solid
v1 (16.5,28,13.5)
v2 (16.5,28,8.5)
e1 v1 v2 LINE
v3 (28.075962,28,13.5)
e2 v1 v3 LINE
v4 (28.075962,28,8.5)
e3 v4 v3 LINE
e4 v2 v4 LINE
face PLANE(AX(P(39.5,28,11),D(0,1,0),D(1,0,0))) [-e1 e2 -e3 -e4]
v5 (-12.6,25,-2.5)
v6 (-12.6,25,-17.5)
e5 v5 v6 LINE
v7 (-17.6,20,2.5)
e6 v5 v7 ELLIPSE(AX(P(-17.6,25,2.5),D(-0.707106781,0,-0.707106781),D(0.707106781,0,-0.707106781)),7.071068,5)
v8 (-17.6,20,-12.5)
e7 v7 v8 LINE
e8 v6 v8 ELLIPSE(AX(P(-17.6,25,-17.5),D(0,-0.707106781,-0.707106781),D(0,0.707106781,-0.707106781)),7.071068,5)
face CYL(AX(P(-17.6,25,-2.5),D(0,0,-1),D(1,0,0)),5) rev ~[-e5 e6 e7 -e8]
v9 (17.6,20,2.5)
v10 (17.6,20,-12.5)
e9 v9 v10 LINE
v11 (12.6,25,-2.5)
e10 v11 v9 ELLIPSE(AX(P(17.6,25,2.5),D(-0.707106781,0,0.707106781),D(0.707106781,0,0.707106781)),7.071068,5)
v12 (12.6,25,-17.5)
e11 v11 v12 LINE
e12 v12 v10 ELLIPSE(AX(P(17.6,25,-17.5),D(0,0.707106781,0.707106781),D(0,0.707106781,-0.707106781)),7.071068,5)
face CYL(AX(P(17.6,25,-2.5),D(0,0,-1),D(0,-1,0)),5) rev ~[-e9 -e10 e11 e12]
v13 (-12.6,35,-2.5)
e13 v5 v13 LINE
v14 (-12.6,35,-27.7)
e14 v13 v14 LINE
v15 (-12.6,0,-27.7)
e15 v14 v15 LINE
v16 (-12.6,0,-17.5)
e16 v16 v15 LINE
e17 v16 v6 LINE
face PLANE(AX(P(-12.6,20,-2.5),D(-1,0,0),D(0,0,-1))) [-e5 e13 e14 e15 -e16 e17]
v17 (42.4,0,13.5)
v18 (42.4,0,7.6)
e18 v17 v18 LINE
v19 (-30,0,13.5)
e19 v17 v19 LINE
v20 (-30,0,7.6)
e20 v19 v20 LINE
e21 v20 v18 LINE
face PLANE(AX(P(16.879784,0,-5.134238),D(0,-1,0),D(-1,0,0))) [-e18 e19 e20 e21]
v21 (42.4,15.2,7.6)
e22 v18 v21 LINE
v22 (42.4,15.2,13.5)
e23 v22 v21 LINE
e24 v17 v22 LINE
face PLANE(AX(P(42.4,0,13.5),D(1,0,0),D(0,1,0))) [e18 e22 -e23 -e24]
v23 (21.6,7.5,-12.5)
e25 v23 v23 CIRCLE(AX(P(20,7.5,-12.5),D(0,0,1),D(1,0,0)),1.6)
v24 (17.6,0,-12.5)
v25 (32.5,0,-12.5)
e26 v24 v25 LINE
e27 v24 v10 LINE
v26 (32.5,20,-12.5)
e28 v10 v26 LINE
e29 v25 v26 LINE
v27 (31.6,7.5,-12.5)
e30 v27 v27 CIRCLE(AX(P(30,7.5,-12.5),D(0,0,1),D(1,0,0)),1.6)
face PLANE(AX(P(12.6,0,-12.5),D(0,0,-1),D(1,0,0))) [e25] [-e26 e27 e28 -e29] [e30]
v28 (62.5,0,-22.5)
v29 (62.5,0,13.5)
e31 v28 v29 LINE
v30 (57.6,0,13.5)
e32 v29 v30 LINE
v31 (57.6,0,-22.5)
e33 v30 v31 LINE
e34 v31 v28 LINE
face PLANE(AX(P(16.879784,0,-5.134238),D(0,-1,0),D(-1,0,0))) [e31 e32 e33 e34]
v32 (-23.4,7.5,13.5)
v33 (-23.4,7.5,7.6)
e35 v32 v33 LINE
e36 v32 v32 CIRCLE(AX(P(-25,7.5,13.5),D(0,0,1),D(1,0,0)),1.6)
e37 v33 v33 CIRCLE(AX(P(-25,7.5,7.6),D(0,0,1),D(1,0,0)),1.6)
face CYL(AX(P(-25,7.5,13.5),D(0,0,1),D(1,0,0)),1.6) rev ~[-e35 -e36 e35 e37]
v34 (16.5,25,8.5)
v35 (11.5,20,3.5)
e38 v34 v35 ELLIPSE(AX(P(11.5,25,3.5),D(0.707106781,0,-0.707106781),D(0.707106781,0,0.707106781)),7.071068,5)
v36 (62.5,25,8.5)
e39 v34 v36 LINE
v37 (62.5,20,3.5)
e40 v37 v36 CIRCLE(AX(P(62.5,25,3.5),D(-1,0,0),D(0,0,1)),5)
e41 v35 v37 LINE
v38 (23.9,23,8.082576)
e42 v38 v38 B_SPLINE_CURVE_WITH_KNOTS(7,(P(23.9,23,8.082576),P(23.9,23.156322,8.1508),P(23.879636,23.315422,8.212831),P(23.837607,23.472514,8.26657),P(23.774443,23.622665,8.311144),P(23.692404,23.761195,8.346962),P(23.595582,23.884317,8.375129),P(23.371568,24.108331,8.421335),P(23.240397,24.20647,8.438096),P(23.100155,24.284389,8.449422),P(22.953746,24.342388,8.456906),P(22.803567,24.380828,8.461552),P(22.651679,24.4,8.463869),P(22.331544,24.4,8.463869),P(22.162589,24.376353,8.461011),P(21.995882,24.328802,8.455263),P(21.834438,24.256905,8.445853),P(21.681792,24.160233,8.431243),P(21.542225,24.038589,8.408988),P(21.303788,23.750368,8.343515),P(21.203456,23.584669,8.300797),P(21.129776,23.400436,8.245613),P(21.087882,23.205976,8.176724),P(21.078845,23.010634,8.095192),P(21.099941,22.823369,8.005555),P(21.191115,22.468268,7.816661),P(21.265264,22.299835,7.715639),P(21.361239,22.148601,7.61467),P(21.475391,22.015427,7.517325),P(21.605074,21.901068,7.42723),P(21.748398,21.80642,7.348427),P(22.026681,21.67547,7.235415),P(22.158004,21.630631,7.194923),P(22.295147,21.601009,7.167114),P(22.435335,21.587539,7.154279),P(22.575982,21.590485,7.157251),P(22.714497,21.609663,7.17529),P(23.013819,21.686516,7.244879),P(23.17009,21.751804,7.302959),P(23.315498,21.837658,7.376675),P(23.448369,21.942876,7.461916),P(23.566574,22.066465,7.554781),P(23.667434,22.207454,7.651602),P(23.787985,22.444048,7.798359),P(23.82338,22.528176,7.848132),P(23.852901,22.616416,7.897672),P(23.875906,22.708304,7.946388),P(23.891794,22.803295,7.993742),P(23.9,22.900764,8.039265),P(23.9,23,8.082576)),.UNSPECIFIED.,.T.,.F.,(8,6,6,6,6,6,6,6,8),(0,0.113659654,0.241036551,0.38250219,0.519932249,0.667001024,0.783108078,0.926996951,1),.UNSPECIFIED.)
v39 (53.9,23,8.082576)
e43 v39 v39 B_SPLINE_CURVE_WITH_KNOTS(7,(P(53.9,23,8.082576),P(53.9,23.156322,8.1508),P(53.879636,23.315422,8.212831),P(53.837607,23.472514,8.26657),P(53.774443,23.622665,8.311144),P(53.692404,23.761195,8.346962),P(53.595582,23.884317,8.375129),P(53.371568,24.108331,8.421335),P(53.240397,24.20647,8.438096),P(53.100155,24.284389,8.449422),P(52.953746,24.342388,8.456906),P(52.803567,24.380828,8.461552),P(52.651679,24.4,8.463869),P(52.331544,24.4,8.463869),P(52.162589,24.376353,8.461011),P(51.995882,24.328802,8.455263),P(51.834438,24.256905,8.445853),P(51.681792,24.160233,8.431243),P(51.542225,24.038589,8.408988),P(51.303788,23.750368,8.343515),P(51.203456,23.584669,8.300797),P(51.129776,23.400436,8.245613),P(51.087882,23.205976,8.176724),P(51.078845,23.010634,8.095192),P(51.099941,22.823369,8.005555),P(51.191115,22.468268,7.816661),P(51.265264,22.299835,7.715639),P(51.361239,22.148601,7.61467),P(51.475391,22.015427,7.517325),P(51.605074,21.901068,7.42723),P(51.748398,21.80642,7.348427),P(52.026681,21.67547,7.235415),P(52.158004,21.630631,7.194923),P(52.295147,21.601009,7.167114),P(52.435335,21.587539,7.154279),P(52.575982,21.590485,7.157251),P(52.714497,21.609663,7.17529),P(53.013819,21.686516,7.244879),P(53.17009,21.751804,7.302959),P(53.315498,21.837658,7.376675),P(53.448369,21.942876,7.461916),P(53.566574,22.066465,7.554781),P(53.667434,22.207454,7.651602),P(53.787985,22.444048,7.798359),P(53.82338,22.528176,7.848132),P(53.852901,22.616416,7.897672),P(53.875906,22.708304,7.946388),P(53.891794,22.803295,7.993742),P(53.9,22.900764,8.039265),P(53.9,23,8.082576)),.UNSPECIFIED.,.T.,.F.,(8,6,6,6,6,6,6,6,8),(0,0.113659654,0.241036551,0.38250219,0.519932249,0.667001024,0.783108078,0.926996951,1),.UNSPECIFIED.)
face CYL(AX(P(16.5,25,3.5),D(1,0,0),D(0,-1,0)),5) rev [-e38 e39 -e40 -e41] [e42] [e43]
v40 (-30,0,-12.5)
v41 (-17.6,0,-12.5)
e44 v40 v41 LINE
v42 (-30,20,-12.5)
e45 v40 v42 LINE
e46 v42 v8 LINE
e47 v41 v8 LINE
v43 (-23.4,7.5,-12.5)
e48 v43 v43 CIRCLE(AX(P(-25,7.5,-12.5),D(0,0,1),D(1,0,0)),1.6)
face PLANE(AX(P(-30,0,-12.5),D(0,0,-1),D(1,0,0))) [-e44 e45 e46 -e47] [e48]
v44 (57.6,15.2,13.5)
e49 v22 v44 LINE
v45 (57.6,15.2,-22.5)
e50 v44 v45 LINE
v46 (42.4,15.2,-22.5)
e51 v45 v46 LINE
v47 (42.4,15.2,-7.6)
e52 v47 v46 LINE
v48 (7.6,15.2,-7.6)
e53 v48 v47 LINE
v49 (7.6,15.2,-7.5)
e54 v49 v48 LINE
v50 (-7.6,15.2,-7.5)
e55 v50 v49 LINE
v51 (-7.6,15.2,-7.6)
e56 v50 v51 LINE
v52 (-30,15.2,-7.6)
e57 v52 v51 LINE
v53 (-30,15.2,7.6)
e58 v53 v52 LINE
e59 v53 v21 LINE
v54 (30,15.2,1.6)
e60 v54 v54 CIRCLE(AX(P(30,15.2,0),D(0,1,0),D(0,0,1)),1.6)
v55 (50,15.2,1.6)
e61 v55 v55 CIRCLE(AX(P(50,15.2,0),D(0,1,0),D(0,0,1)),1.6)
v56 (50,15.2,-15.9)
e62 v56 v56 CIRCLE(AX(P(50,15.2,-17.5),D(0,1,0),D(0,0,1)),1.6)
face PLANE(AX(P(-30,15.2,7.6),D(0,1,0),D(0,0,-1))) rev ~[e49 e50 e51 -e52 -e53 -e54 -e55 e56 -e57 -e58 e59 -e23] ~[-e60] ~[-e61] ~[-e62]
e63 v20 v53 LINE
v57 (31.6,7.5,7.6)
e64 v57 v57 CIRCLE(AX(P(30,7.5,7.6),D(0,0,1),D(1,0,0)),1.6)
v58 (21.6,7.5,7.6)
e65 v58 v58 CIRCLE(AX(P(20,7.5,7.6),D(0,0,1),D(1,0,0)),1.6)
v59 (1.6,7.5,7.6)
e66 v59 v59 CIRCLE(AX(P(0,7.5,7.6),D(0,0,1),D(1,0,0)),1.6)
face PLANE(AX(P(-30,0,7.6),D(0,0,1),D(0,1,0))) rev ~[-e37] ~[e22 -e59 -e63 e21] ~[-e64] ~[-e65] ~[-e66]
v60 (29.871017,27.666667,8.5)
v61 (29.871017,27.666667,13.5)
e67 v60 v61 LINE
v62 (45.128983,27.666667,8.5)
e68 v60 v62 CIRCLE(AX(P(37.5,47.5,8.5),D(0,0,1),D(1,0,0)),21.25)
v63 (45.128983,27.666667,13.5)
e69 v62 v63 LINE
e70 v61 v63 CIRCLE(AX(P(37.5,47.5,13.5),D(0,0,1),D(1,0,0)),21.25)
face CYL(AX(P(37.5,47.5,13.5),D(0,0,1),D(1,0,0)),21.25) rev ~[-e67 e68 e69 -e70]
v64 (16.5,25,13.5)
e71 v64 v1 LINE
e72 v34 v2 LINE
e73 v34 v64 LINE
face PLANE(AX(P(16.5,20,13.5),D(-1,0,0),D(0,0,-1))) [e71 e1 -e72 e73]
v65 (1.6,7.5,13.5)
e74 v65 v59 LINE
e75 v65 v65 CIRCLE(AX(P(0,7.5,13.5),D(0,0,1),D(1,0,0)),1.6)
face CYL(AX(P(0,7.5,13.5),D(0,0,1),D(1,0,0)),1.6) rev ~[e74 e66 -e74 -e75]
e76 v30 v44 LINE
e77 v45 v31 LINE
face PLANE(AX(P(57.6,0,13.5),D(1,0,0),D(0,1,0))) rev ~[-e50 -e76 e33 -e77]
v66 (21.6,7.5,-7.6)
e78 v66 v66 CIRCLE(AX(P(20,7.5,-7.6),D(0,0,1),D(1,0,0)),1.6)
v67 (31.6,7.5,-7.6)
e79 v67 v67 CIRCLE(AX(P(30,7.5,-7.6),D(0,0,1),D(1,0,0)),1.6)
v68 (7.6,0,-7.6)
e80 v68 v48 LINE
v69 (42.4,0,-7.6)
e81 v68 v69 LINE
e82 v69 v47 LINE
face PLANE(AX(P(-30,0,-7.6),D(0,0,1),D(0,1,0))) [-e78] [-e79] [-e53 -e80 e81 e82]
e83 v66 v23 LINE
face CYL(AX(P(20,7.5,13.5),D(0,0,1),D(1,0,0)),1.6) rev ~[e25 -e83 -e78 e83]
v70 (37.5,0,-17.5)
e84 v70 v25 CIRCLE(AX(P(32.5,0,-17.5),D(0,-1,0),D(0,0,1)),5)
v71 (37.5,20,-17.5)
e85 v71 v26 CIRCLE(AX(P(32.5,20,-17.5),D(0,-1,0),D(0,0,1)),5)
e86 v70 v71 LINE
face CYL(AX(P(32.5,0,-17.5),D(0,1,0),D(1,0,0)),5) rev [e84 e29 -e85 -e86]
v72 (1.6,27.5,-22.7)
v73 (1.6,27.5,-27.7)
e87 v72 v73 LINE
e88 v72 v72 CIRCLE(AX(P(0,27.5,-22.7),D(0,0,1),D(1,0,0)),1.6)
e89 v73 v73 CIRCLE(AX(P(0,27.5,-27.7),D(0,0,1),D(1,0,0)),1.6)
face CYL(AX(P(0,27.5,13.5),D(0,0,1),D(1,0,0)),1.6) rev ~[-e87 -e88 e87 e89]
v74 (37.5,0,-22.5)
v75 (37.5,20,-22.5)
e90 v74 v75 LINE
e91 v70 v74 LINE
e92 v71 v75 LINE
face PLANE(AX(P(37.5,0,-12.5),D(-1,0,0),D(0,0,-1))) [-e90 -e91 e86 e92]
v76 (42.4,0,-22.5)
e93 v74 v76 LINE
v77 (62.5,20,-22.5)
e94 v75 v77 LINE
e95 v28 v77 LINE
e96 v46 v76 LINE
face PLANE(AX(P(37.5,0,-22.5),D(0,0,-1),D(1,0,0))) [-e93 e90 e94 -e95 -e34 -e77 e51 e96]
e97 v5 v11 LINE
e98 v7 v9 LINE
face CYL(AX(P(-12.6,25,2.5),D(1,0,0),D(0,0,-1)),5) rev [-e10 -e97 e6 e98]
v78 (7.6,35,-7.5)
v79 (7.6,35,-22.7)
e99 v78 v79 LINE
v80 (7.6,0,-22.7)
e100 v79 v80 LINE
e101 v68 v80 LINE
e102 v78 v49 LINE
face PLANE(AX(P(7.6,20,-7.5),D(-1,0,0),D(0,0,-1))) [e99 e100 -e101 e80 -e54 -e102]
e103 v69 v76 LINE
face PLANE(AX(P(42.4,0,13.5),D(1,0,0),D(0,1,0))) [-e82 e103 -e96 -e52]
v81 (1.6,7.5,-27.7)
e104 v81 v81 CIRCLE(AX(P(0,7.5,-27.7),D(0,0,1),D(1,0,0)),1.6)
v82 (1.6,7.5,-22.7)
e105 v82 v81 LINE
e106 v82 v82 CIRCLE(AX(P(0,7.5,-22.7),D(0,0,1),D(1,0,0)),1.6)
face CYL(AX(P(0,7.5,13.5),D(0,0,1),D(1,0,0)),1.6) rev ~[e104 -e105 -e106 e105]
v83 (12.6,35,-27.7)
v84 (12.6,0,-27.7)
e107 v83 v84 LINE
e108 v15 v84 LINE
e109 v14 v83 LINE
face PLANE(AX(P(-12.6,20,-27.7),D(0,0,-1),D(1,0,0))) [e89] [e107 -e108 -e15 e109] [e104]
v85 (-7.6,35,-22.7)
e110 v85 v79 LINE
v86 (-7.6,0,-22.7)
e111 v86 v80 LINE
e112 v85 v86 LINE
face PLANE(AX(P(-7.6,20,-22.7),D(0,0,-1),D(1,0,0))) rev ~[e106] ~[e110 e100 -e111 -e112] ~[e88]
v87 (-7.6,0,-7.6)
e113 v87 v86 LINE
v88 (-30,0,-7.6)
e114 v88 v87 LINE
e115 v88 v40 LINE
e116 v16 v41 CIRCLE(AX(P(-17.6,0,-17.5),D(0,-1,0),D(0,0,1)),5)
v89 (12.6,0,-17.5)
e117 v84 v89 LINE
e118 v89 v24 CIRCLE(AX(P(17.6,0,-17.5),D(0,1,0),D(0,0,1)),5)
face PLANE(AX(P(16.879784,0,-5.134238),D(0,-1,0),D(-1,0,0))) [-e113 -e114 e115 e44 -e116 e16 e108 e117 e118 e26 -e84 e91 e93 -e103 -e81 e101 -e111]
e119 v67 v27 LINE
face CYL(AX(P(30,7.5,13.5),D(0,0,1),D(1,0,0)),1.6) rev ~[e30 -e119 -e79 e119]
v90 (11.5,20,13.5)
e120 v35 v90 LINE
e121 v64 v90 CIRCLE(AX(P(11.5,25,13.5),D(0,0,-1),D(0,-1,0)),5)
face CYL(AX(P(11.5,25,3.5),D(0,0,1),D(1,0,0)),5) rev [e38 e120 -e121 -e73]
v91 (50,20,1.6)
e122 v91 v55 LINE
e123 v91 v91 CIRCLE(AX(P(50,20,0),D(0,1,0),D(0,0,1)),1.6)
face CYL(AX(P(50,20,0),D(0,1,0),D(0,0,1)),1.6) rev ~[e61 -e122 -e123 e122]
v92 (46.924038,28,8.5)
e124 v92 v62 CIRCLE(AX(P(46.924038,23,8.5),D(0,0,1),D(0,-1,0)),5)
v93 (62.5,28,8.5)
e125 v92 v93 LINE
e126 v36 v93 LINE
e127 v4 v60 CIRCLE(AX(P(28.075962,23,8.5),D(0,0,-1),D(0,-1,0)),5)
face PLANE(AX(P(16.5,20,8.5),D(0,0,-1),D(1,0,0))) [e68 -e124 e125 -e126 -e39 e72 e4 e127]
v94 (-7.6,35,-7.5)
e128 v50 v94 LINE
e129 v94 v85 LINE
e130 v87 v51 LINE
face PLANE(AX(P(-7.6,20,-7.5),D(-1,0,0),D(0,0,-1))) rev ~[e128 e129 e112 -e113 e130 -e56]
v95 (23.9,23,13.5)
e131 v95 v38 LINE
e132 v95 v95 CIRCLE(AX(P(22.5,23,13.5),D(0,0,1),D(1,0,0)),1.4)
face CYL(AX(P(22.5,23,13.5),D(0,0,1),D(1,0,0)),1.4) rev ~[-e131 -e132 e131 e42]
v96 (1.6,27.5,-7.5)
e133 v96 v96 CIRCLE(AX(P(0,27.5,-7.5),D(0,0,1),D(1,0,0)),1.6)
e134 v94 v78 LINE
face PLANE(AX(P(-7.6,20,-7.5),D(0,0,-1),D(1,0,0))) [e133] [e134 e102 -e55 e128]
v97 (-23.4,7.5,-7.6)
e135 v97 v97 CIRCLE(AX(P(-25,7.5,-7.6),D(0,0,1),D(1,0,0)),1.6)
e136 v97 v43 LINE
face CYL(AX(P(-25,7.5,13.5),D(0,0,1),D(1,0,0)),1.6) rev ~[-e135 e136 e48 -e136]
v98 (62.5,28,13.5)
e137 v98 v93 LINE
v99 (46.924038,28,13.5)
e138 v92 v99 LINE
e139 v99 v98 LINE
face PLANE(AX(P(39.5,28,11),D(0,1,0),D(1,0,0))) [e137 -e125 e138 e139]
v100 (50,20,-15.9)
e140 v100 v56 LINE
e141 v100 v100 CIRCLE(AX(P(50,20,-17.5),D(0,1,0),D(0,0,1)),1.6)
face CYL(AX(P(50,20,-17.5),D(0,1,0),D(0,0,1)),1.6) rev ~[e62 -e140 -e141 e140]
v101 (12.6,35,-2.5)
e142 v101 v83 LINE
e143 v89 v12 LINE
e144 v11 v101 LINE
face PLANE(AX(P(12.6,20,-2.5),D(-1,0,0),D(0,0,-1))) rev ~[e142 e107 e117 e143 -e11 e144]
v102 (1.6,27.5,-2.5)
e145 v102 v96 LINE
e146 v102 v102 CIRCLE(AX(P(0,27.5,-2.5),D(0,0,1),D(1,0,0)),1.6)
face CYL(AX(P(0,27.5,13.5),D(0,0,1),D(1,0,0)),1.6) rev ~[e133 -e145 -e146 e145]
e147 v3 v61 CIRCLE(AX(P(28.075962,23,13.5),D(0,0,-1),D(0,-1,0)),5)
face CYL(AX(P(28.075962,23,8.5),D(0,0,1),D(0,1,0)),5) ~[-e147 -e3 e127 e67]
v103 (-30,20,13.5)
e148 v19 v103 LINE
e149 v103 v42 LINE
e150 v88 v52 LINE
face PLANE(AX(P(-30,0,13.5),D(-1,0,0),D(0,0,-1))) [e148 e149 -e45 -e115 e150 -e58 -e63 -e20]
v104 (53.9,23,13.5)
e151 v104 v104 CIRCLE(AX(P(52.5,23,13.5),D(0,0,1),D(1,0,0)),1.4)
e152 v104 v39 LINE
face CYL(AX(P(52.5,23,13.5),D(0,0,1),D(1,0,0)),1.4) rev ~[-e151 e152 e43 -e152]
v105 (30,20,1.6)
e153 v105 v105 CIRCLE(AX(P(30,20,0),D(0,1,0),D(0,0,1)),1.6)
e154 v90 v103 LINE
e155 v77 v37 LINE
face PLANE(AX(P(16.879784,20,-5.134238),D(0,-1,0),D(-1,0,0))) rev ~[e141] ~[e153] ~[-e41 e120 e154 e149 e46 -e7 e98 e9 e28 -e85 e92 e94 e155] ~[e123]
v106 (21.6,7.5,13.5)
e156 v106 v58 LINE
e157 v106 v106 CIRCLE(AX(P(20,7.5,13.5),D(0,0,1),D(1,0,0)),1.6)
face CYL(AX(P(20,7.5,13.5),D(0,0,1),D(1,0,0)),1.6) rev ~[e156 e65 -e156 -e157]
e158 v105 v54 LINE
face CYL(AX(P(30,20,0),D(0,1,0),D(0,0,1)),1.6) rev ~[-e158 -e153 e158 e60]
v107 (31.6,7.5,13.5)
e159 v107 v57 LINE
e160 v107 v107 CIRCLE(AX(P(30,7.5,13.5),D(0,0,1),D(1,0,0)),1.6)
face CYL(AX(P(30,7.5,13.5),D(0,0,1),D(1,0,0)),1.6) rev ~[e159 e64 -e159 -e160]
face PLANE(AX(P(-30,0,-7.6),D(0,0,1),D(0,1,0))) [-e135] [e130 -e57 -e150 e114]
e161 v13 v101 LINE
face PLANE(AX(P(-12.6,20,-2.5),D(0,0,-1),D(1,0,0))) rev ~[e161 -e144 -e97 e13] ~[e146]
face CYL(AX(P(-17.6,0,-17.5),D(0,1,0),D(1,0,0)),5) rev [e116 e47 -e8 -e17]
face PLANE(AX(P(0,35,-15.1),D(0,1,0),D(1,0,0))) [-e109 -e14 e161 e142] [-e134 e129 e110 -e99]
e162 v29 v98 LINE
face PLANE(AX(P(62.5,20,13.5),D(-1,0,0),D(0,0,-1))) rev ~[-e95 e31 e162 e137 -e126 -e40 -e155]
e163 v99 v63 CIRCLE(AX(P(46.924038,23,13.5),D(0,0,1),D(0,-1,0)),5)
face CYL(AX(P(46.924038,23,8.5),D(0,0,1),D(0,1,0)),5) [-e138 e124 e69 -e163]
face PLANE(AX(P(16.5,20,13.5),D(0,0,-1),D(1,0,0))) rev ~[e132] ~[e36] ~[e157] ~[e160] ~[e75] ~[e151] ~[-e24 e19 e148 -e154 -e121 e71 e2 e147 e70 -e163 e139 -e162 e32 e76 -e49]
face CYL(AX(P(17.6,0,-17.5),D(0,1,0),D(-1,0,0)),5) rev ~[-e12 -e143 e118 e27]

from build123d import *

# Parameters (mm, degrees)
SKETCH_1_W          = 15.2
SKETCH_1_H          = 15.2
EXTRUDE_1_DEPTH     = 20
SKETCH_2_W          = 25.2
SKETCH_2_H          = 25.2
SKETCH_2_W_2        = 15.2
SKETCH_2_H_2        = 15.2
EXTRUDE_2_DEPTH     = 15
SKETCH_3_W          = 15.2
SKETCH_3_H          = 15.2
CUT_EXTRUDE_1_DEPTH = 80
SKETCH_4_R          = 1.6
CUT_EXTRUDE_2_DEPTH = 83.635888087
FILLET_1_R          = 5
SKETCH_5_W          = 15.2
SKETCH_5_H          = 15.2
CUT_EXTRUDE_3_DEPTH = 83.635888087
CUT_EXTRUDE_5_REACH = 73.229
SKETCH_7_R          = 1.6
SKETCH_8_W          = 46
SKETCH_8_H          = 5
EXTRUDE_3_DEPTH     = 8
FILLET_2_R          = 5
CUT_EXTRUDE_6_REACH = 84.636
SKETCH_9_R          = 21.25
SKETCH_9_R_2        = 1.4
FILLET_3_R          = 5


with BuildPart() as part:
    # 草图1 → 凸台-拉伸1 (new body)
    with BuildSketch(Plane(origin=(0, 0, 0), x_dir=(1, 0, 0), z_dir=(0, 1, 0))):
        Polygon((-30, 12.5), (-12.6, 12.5), (-12.6, 27.7), (12.6, 27.7), (12.6, 12.5), (37.5, 12.5), (37.5, 22.5), (62.5, 22.5), (62.5, -13.5), (-30, -13.5), align=None)
        with Locations((0, 15.1)):
            Rectangle(SKETCH_1_W, SKETCH_1_H, mode=Mode.SUBTRACT)
    extrude(amount=EXTRUDE_1_DEPTH)

    # 草图2 → 凸台-拉伸2 (add)
    with BuildSketch(Plane(origin=(0, 20, 0), x_dir=(1, 0, 0), z_dir=(0, 1, 0))):
        with Locations((0, 15.1)):
            Rectangle(SKETCH_2_W, SKETCH_2_H)
        with Locations((0, 15.1)):
            Rectangle(SKETCH_2_W_2, SKETCH_2_H_2, mode=Mode.SUBTRACT)
    extrude(amount=EXTRUDE_2_DEPTH)

    # 草图3 → 切除-拉伸1 (cut)
    with BuildSketch(Plane(origin=(-30, 0, 0), x_dir=(0, 0, -1), z_dir=(1, 0, 0))):
        with Locations((0, 7.6)):
            Rectangle(SKETCH_3_W, SKETCH_3_H)
    extrude(amount=CUT_EXTRUDE_1_DEPTH, mode=Mode.SUBTRACT)

    # 草图4 → 切除-拉伸2 (cut, through all)
    with BuildSketch(Plane.XY.offset(13.5)):
        with Locations((0, 7.5)):
            Circle(SKETCH_4_R)
        with Locations((20, 7.5)):
            Circle(SKETCH_4_R)
        with Locations((-25, 7.5)):
            Circle(SKETCH_4_R)
        with Locations((0, 27.5)):
            Circle(SKETCH_4_R)
        with Locations((30, 7.5)):
            Circle(SKETCH_4_R)
    extrude(amount=-CUT_EXTRUDE_2_DEPTH, mode=Mode.SUBTRACT)

    # 圆角1
    fillet_1_edges = [part.edges().sort_by_distance(p)[0] for p in [
        (-12.6, 10, -12.5),
        (12.6, 10, -12.5),
        (37.5, 10, -12.5),
        (-12.6, 20, -7.5),
        (0, 20, -2.5),
        (12.6, 20, -7.5),
    ]]
    fillet(fillet_1_edges, radius=FILLET_1_R)

    # 草图5 → 切除-拉伸3 (cut, through all)
    with BuildSketch(Plane.XY.offset(13.5)):
        with Locations((50, 7.6)):
            Rectangle(SKETCH_5_W, SKETCH_5_H)
    extrude(amount=-CUT_EXTRUDE_3_DEPTH, mode=Mode.SUBTRACT)

    # 草图7 → 切除-拉伸5 (cut, up to next)
    with BuildSketch(Plane(origin=(0, 20, 0), x_dir=(1, 0, 0), z_dir=(0, 1, 0)), mode=Mode.PRIVATE) as cut_extrude_5_sk1:
        with Locations(Location((50, 0, 0), (0, 0, 270))):
            Circle(SKETCH_7_R)
    cut_extrude_5_tool1 = extrude(cut_extrude_5_sk1.sketch, amount=-CUT_EXTRUDE_5_REACH, mode=Mode.PRIVATE) & part.part
    # 草图7 → 切除-拉伸5 (cut, up to next)
    with BuildSketch(Plane(origin=(0, 20, 0), x_dir=(1, 0, 0), z_dir=(0, 1, 0)), mode=Mode.PRIVATE) as cut_extrude_5_sk2:
        with Locations(Location((30, 0, 0), (0, 0, 270))):
            Circle(SKETCH_7_R)
    cut_extrude_5_tool2 = extrude(cut_extrude_5_sk2.sketch, amount=-CUT_EXTRUDE_5_REACH, mode=Mode.PRIVATE) & part.part
    # 草图7 → 切除-拉伸5 (cut, up to next)
    with BuildSketch(Plane(origin=(0, 20, 0), x_dir=(1, 0, 0), z_dir=(0, 1, 0)), mode=Mode.PRIVATE) as cut_extrude_5_sk3:
        with Locations(Location((50, 17.5, 0), (0, 0, 270))):
            Circle(SKETCH_7_R)
    cut_extrude_5_tool3 = extrude(cut_extrude_5_sk3.sketch, amount=-CUT_EXTRUDE_5_REACH, mode=Mode.PRIVATE) & part.part
    add(cut_extrude_5_tool1.solids().sort_by_distance((50, 20, 0))[0], mode=Mode.SUBTRACT)
    add(cut_extrude_5_tool2.solids().sort_by_distance((30, 20, 0))[0], mode=Mode.SUBTRACT)
    add(cut_extrude_5_tool3.solids().sort_by_distance((50, 20, -17.5))[0], mode=Mode.SUBTRACT)

    # 草图8 → 凸台-拉伸3 (add)
    with BuildSketch(Plane(origin=(0, 20, 0), x_dir=(1, 0, 0), z_dir=(0, 1, 0))):
        with Locations((39.5, -11)):
            Rectangle(SKETCH_8_W, SKETCH_8_H)
    extrude(amount=EXTRUDE_3_DEPTH)

    # 圆角2
    fillet_2_edges = [part.edges().sort_by_distance(p)[0] for p in [
        (39.5, 20, 8.5),
    ]]
    fillet(fillet_2_edges, radius=FILLET_2_R)

    # 草图9 → 切除-拉伸6 (cut, up to next)
    with BuildSketch(Plane.XY.offset(13.5), mode=Mode.PRIVATE) as cut_extrude_6_sk1:
        with Locations((37.5, 47.5)):
            Circle(SKETCH_9_R)
    cut_extrude_6_tool1 = extrude(cut_extrude_6_sk1.sketch, amount=-CUT_EXTRUDE_6_REACH, mode=Mode.PRIVATE) & part.part
    # 草图9 → 切除-拉伸6 (cut, up to next)
    with BuildSketch(Plane.XY.offset(13.5), mode=Mode.PRIVATE) as cut_extrude_6_sk2:
        with Locations((22.5, 23)):
            Circle(SKETCH_9_R_2)
    cut_extrude_6_tool2 = extrude(cut_extrude_6_sk2.sketch, amount=-CUT_EXTRUDE_6_REACH, mode=Mode.PRIVATE) & part.part
    # 草图9 → 切除-拉伸6 (cut, up to next)
    with BuildSketch(Plane.XY.offset(13.5), mode=Mode.PRIVATE) as cut_extrude_6_sk3:
        with Locations((52.5, 23)):
            Circle(SKETCH_9_R_2)
    cut_extrude_6_tool3 = extrude(cut_extrude_6_sk3.sketch, amount=-CUT_EXTRUDE_6_REACH, mode=Mode.PRIVATE) & part.part
    add(cut_extrude_6_tool1.solids().sort_by_distance((37.5, 47.5, 13.5))[0], mode=Mode.SUBTRACT)
    add(cut_extrude_6_tool2.solids().sort_by_distance((22.5, 23, 13.5))[0], mode=Mode.SUBTRACT)
    add(cut_extrude_6_tool3.solids().sort_by_distance((52.5, 23, 13.5))[0], mode=Mode.SUBTRACT)

    # 圆角3
    fillet_3_edges = [part.edges().sort_by_distance(p)[0] for p in [
        (16.5, 20, 8.5),
        (45.944672877, 28, 11),
        (29.055327123, 28, 11),
    ]]
    fillet(fillet_3_edges, radius=FILLET_3_R)


solid = part.part
